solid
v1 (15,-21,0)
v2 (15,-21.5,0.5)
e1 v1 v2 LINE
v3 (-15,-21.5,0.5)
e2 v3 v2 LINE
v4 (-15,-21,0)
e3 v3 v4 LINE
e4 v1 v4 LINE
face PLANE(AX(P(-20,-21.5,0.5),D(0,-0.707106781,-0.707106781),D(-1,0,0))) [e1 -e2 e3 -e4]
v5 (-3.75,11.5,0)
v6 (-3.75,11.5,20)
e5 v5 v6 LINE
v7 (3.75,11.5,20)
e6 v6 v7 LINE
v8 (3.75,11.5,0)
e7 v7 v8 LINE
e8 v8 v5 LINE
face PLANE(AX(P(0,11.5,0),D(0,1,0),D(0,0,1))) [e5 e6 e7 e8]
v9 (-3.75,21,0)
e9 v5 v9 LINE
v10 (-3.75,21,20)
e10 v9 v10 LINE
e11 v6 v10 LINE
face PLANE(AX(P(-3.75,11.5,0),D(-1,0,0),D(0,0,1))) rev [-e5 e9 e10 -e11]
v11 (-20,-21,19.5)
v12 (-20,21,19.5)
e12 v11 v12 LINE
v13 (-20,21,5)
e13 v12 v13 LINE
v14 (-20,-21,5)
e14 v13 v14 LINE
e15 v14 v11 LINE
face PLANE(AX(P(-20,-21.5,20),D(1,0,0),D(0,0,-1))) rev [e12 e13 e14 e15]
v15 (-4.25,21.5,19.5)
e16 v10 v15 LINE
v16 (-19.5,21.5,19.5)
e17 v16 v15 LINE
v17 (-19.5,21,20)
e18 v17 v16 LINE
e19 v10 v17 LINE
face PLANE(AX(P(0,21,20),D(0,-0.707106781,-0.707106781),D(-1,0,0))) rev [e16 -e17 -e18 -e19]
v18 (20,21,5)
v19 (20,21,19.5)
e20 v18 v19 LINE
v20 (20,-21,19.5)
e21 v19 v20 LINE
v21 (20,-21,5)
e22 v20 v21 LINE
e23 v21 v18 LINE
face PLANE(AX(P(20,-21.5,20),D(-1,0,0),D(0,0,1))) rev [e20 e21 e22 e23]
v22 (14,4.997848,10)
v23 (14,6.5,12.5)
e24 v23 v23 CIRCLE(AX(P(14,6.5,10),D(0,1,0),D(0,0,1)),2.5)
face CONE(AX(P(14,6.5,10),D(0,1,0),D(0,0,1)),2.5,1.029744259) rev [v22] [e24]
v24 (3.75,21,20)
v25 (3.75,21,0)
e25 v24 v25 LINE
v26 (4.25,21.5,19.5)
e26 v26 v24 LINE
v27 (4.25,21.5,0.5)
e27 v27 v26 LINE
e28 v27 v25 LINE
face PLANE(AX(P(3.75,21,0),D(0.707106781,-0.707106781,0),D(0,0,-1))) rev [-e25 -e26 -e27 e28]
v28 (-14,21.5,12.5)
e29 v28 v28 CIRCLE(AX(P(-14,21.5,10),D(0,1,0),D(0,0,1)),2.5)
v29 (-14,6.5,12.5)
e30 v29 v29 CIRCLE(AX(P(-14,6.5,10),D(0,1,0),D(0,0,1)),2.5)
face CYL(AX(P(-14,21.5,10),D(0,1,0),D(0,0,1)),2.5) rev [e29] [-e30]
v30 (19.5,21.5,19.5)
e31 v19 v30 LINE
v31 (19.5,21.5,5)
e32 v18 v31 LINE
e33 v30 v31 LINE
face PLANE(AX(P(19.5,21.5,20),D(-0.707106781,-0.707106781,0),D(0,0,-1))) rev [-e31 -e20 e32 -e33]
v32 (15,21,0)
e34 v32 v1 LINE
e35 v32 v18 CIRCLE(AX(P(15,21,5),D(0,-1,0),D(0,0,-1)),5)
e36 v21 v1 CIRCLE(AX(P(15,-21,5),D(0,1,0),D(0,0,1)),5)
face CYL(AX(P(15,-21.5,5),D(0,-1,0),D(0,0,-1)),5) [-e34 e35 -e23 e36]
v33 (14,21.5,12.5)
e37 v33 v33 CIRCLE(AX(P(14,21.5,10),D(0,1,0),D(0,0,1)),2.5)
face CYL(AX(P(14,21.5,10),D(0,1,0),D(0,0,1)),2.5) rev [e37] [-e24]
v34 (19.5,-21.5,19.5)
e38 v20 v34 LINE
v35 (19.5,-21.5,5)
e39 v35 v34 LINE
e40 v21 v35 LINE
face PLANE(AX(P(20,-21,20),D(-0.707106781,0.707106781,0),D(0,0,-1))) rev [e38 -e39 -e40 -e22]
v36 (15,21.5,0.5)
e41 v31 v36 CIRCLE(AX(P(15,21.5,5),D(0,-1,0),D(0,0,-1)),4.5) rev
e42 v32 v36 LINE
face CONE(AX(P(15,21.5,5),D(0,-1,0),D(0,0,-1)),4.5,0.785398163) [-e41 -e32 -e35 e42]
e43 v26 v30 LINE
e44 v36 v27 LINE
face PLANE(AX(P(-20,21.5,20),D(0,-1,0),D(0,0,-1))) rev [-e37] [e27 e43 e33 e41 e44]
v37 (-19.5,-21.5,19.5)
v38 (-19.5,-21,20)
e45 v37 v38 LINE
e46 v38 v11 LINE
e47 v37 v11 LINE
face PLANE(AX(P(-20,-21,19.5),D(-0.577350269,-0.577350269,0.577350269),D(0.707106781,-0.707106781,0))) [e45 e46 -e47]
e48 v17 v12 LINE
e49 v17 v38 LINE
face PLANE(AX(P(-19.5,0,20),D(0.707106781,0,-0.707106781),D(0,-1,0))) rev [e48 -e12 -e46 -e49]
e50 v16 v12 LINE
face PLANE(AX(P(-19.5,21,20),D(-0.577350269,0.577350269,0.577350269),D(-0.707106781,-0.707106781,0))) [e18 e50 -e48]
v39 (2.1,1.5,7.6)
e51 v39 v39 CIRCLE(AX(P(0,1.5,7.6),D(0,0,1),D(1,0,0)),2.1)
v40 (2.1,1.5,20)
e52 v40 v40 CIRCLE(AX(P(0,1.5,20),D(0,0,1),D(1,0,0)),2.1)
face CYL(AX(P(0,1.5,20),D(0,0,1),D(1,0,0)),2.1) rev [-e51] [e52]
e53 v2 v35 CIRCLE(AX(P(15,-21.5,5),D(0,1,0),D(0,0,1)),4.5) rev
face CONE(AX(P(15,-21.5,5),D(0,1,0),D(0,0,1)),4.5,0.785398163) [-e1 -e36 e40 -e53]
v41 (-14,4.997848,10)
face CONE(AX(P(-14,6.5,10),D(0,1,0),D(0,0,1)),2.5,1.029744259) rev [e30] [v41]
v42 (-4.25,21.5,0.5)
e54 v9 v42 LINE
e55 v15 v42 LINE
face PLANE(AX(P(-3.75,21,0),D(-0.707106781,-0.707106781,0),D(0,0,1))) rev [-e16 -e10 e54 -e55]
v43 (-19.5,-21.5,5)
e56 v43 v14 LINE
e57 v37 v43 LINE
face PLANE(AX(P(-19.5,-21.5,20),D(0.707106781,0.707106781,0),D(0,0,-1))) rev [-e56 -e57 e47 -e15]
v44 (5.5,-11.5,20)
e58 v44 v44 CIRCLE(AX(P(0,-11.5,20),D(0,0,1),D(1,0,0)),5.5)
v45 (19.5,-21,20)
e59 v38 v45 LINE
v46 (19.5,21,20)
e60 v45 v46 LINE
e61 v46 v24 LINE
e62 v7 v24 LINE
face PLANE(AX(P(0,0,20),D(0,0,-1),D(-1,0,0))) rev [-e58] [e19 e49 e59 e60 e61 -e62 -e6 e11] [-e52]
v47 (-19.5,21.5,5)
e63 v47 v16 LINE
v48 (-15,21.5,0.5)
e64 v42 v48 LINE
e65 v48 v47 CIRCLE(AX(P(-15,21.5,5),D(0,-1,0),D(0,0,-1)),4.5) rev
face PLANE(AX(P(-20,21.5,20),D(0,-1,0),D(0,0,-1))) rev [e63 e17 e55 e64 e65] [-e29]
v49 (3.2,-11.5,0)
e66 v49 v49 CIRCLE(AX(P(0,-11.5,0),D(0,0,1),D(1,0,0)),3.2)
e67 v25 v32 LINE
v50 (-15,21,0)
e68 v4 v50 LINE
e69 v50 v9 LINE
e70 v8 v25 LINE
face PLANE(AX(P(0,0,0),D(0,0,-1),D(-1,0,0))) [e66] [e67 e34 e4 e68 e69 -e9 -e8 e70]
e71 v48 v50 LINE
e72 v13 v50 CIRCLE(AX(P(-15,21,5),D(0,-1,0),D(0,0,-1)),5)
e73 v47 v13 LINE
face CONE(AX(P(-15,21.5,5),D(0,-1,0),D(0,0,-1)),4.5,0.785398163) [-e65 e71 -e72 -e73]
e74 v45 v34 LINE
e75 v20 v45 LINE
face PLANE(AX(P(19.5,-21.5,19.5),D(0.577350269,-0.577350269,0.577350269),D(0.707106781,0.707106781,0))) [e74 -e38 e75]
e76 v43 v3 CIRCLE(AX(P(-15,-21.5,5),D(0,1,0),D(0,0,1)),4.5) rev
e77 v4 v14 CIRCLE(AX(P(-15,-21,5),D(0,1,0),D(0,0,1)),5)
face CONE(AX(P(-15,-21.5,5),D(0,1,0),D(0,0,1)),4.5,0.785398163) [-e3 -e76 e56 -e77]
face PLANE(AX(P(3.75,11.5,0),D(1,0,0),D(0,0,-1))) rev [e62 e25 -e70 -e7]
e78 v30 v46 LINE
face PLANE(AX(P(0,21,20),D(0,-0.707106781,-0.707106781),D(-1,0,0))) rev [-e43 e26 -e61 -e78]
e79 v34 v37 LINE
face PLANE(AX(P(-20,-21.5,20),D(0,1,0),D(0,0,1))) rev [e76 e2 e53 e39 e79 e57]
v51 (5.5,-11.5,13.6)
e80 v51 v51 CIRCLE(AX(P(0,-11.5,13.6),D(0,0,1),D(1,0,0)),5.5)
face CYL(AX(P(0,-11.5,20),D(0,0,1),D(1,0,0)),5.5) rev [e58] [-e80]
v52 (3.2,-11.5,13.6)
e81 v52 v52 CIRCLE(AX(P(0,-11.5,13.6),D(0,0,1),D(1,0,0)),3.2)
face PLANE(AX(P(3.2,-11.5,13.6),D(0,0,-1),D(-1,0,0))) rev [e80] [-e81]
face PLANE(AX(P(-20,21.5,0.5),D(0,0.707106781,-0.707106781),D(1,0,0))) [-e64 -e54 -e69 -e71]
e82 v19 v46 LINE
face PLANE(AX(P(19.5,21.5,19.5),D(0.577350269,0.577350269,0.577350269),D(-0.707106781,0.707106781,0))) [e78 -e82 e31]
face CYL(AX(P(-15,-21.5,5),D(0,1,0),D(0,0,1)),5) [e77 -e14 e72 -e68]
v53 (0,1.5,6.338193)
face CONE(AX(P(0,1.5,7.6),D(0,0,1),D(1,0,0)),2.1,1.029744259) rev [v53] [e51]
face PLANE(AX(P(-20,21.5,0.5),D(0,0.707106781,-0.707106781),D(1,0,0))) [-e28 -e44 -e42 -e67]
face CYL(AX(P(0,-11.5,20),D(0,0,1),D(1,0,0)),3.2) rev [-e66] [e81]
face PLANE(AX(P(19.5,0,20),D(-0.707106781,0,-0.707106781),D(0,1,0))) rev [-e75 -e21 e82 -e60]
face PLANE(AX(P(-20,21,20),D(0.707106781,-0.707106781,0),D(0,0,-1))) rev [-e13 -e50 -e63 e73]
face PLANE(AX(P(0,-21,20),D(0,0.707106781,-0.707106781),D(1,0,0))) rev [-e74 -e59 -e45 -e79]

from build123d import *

# Parameters (mm, degrees)
SKETCH1_W                                           = 40
SKETCH1_H                                           = 43
BOSS_EXTRUDE1_DEPTH                                 = 20
SKETCH2_W                                           = 7.5
SKETCH2_H                                           = 20
CUT_EXTRUDE1_DEPTH                                  = 10
M6_TAPPED_HOLE1_D                                   = 5
M6_TAPPED_HOLE1_DEPTH                               = 15
M6_TAPPED_HOLE1_TIP                                 = 1.502151548
FILLET1_R                                           = 5
CHAMFER1_SIZE                                       = 0.5
CBORE_FOR_M6_HEX_SOCKET_HEAD_CAP_SCREW1_D           = 6.4
CBORE_FOR_M6_HEX_SOCKET_HEAD_CAP_SCREW1_CBORE_D     = 11
CBORE_FOR_M6_HEX_SOCKET_HEAD_CAP_SCREW1_CBORE_DEPTH = 6.4
M5_TAPPED_HOLE1_D                                   = 4.2
M5_TAPPED_HOLE1_DEPTH                               = 12.4
M5_TAPPED_HOLE1_TIP                                 = 1.2618073


with BuildPart() as part:
    # Sketch1 → Boss-Extrude1 (new body)
    with BuildSketch(Plane.XY):
        Rectangle(SKETCH1_W, SKETCH1_H)
    extrude(amount=BOSS_EXTRUDE1_DEPTH)

    # Sketch2 → Cut-Extrude1 (cut)
    with BuildSketch(Plane(origin=(0, 21.5, 0), x_dir=(1, 0, 0), z_dir=(0, 1, 0))):
        with Locations((0, -10)):
            Rectangle(SKETCH2_W, SKETCH2_H)
    extrude(amount=-CUT_EXTRUDE1_DEPTH, mode=Mode.SUBTRACT)

    # M6 Tapped Hole1
    with Locations(Plane(origin=(0, 21.5, 0), x_dir=(1, 0, 0), z_dir=(0, 1, 0))):
        with Locations((-14, -10), (14, -10)):
            Hole(M6_TAPPED_HOLE1_D / 2, depth=M6_TAPPED_HOLE1_DEPTH)
            with Locations((0, 0, -(M6_TAPPED_HOLE1_DEPTH + M6_TAPPED_HOLE1_TIP / 2))):  # 118° drill point
                Cone(0, M6_TAPPED_HOLE1_D / 2, M6_TAPPED_HOLE1_TIP, mode=Mode.SUBTRACT)

    # Fillet1
    fillet1_edges = [part.edges().sort_by_distance(p)[0] for p in [
        (-20, 0, 0),
        (20, 0, 0),
    ]]
    fillet(fillet1_edges, radius=FILLET1_R)

    # Chamfer1
    chamfer1_edges = [part.edges().sort_by_distance(p)[0] for p in [
        (-20, 0, 20),
        (-9.375, 21.5, 0),
        (0, -21.5, 20),
        (-11.875, 21.5, 20),
        (-3.75, 21.5, 10),
        (3.75, 21.5, 10),
        (0, -21.5, 0),
        (18.535533906, -21.5, 1.464466094),
        (-18.535533906, -21.5, 1.464466094),
        (9.375, 21.5, 0),
        (-18.535533906, 21.5, 1.464466094),
        (20, 0, 20),
        (18.535533906, 21.5, 1.464466094),
        (20, -21.5, 12.5),
        (-20, -21.5, 12.5),
        (-20, 21.5, 12.5),
        (20, 21.5, 12.5),
        (11.875, 21.5, 20),
    ]]
    chamfer(chamfer1_edges, length=CHAMFER1_SIZE)

    # CBORE for M6 Hex Socket Head Cap Screw1 (through all)
    with Locations(Plane.XY.offset(20)):
        with Locations((0, -11.5)):
            CounterBoreHole(CBORE_FOR_M6_HEX_SOCKET_HEAD_CAP_SCREW1_D / 2, CBORE_FOR_M6_HEX_SOCKET_HEAD_CAP_SCREW1_CBORE_D / 2, CBORE_FOR_M6_HEX_SOCKET_HEAD_CAP_SCREW1_CBORE_DEPTH)

    # M5 Tapped Hole1
    with Locations(Plane.XY.offset(20)):
        with Locations((0, 1.5)):
            Hole(M5_TAPPED_HOLE1_D / 2, depth=M5_TAPPED_HOLE1_DEPTH)
            with Locations((0, 0, -(M5_TAPPED_HOLE1_DEPTH + M5_TAPPED_HOLE1_TIP / 2))):  # 118° drill point
                Cone(0, M5_TAPPED_HOLE1_D / 2, M5_TAPPED_HOLE1_TIP, mode=Mode.SUBTRACT)


solid = part.part
